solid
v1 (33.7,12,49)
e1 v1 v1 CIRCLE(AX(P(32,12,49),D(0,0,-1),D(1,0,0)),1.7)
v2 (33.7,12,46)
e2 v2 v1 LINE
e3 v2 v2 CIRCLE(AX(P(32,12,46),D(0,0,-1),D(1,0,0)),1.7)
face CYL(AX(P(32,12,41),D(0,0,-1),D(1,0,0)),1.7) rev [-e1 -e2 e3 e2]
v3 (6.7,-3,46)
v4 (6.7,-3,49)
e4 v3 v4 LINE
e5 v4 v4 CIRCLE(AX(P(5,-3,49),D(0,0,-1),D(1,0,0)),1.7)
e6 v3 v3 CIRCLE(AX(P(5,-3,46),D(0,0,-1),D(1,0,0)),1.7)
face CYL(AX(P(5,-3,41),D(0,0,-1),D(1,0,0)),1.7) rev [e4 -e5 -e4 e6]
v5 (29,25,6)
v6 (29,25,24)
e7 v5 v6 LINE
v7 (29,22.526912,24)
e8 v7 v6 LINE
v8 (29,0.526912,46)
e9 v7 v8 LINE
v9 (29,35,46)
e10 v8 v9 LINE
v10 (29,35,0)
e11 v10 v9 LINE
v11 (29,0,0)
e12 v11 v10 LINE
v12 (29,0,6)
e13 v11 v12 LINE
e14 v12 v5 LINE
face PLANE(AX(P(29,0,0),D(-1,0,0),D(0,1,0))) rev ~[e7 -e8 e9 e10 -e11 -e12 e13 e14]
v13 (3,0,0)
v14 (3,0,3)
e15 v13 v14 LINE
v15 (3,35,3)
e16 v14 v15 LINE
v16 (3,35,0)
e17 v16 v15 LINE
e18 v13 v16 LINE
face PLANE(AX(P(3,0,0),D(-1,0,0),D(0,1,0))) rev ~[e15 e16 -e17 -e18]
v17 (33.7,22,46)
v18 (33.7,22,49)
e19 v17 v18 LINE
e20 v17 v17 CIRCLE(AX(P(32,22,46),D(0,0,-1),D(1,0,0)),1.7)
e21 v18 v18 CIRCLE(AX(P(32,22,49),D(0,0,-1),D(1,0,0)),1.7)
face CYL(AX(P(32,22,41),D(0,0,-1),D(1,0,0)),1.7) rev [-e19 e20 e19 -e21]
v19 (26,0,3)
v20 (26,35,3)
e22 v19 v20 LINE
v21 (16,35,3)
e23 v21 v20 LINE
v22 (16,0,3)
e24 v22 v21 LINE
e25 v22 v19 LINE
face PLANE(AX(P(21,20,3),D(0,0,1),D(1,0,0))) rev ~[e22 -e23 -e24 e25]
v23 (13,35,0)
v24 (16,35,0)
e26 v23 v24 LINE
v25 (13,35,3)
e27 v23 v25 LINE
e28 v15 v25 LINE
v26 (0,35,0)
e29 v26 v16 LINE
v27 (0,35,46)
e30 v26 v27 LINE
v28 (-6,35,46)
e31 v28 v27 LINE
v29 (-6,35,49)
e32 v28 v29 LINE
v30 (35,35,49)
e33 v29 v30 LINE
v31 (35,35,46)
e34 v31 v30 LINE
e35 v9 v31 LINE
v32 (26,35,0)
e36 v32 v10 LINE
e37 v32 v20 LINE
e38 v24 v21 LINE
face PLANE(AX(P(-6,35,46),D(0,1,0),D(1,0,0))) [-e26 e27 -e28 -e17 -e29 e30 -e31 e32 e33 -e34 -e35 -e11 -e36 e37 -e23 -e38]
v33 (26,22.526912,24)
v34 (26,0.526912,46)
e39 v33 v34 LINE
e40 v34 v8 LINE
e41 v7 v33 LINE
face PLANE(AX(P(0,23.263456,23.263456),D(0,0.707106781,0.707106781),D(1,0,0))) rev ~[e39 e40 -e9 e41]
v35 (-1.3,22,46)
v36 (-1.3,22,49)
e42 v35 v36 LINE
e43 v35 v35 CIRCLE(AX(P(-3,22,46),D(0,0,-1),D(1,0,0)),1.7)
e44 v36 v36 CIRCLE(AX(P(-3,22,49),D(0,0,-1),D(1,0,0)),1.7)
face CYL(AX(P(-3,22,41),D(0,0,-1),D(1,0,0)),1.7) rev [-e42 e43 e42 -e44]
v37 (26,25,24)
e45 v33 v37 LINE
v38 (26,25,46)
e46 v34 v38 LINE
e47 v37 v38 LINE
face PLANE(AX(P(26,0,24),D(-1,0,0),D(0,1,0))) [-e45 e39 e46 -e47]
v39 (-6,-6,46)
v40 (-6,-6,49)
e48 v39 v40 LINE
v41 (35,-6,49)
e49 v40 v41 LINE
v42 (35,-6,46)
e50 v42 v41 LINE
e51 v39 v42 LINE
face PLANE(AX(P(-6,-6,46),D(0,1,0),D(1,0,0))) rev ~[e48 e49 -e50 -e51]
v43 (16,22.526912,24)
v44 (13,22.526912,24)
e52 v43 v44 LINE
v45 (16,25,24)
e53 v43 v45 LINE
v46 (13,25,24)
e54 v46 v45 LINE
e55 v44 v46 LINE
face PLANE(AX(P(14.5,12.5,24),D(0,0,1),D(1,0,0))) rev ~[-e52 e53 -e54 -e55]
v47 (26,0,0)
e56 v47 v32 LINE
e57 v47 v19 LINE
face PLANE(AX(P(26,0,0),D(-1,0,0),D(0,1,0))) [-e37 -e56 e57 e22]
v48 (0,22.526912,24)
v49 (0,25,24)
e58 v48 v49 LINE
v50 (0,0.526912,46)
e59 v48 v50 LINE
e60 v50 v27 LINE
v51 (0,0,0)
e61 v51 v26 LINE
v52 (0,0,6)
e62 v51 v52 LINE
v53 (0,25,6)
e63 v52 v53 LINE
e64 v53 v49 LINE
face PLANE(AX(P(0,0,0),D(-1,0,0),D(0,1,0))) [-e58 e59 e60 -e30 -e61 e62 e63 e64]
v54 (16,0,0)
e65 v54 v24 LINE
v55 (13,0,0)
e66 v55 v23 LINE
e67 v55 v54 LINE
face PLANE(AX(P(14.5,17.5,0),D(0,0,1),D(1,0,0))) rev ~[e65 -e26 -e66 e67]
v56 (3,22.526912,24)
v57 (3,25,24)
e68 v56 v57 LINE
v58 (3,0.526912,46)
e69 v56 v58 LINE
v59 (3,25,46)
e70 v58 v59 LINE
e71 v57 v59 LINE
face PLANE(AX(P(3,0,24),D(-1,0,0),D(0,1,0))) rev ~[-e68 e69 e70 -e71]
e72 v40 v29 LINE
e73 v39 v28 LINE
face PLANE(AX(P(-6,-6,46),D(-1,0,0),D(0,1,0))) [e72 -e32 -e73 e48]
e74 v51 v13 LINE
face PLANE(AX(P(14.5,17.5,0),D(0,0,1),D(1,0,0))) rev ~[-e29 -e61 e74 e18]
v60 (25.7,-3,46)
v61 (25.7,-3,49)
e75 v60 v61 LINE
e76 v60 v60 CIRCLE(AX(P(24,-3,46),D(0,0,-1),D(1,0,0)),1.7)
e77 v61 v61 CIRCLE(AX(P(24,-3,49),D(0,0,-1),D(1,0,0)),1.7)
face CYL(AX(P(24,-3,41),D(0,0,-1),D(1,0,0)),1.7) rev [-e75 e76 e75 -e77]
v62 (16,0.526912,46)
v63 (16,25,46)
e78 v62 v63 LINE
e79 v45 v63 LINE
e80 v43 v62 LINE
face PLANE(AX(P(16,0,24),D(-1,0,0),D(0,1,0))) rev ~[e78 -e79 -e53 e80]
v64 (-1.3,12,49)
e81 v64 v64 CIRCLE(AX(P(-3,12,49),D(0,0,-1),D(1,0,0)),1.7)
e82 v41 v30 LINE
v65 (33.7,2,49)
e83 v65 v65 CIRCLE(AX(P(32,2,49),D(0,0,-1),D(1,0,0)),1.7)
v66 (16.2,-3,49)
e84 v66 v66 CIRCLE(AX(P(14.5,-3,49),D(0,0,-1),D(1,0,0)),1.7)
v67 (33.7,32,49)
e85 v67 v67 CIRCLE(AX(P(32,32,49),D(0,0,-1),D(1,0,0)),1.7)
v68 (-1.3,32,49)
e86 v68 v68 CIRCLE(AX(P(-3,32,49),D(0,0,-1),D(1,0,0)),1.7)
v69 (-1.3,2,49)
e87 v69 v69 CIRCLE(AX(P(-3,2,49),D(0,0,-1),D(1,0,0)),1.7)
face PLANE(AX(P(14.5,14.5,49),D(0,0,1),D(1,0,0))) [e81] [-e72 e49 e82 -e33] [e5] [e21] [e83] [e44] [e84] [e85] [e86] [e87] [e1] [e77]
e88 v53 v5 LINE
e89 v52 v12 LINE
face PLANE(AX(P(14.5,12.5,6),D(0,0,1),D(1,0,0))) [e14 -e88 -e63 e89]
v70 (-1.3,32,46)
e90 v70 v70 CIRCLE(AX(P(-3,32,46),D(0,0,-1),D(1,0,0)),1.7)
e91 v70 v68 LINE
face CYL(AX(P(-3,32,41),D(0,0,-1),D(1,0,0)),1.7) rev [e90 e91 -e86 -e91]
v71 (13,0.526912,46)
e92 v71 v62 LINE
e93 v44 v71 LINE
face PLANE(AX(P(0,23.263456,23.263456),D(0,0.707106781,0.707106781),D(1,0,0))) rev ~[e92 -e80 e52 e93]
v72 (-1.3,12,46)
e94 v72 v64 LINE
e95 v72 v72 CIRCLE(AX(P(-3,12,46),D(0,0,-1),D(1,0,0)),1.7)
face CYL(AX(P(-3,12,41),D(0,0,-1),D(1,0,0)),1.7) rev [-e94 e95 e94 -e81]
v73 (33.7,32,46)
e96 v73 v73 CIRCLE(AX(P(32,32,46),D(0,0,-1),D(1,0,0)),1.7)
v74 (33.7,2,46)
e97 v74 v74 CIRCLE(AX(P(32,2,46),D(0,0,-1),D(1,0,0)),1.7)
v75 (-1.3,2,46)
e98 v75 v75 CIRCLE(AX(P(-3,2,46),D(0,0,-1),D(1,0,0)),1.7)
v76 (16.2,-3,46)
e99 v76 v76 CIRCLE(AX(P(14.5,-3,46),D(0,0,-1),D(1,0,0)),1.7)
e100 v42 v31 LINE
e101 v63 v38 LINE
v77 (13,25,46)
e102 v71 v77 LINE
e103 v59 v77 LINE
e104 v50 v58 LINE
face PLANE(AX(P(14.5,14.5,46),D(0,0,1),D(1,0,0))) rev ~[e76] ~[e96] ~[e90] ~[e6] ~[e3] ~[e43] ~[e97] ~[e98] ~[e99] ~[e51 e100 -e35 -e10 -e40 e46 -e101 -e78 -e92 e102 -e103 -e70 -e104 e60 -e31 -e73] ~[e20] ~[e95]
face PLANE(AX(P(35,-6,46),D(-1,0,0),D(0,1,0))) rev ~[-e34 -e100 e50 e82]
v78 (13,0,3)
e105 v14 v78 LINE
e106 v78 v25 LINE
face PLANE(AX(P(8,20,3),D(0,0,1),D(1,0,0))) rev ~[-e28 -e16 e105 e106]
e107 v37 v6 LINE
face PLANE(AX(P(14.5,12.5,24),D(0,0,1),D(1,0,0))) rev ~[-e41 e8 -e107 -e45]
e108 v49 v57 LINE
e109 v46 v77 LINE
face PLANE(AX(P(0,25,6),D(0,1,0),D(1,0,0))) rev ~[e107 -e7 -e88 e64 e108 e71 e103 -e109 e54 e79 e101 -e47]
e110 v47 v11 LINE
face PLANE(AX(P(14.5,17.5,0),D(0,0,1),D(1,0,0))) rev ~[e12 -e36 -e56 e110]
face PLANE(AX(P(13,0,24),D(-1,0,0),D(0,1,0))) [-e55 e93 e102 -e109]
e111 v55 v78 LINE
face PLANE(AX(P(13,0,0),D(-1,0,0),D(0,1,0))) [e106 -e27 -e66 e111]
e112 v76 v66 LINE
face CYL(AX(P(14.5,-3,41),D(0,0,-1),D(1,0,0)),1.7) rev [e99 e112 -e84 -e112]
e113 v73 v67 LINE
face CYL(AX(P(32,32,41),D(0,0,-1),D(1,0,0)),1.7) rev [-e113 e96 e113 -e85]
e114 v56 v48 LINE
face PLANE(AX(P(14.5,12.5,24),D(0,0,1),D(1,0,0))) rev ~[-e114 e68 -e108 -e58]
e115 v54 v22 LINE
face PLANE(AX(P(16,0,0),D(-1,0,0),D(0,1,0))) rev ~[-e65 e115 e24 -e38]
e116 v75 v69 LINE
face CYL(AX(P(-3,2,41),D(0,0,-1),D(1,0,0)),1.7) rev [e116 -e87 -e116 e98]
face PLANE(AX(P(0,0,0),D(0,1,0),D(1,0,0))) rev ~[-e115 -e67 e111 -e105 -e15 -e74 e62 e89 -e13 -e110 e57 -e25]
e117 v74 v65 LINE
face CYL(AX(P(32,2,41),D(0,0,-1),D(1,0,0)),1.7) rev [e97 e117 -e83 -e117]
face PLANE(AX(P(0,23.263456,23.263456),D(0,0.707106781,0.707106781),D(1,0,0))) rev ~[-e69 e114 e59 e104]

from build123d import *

# Parameters (mm, degrees)
CYLINDER010_R     = 1.7
CYLINDER010_DEPTH = 10
CYLINDER009_R     = 1.7
CYLINDER009_DEPTH = 10
CYLINDER008_R     = 1.7
CYLINDER008_DEPTH = 10
CYLINDER007_R     = 1.7
CYLINDER007_DEPTH = 10
CYLINDER006_R     = 1.7
CYLINDER006_DEPTH = 10
CYLINDER005_R     = 1.7
CYLINDER005_DEPTH = 10
CYLINDER004_R     = 1.7
CYLINDER004_DEPTH = 10
CYLINDER003_R     = 1.7
CYLINDER003_DEPTH = 10
CYLINDER002_R     = 1.7
CYLINDER002_DEPTH = 10
CYLINDER001_R     = 1.7
CYLINDER001_DEPTH = 10
CYLINDER_R        = 1.7
CYLINDER_DEPTH    = 10
BOX007_W          = 41
BOX007_H          = 41
BOX007_DEPTH      = 3
BOX006_W          = 10
BOX006_H          = 25
BOX006_DEPTH      = 22
BOX005_W          = 10
BOX005_H          = 25
BOX005_DEPTH      = 22
BOX004_W          = 29
BOX004_H          = 23
BOX004_DEPTH      = 34
BOX004_ROLL_ANGLE = 45
BOX001_W          = 29
BOX001_H          = 25
BOX001_DEPTH      = 18
BOX003_W          = 10
BOX003_H          = 40
BOX003_DEPTH      = 3
BOX002_W          = 10
BOX002_H          = 40
BOX002_DEPTH      = 3
BOX_W             = 29
BOX_H             = 35
BOX_DEPTH         = 49


with BuildPart() as cylinder010:
    # Cylinder010 → Cylinder010 (new body)
    with BuildSketch(Plane(origin=(32, 2, 41), x_dir=(1, 0, 0), z_dir=(0, 0, 1))):
        Circle(CYLINDER010_R)
    extrude(amount=CYLINDER010_DEPTH)


with BuildPart() as cylinder009:
    # Cylinder009 → Cylinder009 (new body)
    with BuildSketch(Plane(origin=(32, 12, 41), x_dir=(1, 0, 0), z_dir=(0, 0, 1))):
        Circle(CYLINDER009_R)
    extrude(amount=CYLINDER009_DEPTH)


with BuildPart() as cylinder008:
    # Cylinder008 → Cylinder008 (new body)
    with BuildSketch(Plane(origin=(32, 22, 41), x_dir=(1, 0, 0), z_dir=(0, 0, 1))):
        Circle(CYLINDER008_R)
    extrude(amount=CYLINDER008_DEPTH)


with BuildPart() as cylinder007:
    # Cylinder007 → Cylinder007 (new body)
    with BuildSketch(Plane(origin=(32, 32, 41), x_dir=(1, 0, 0), z_dir=(0, 0, 1))):
        Circle(CYLINDER007_R)
    extrude(amount=CYLINDER007_DEPTH)


with BuildPart() as cylinder006:
    # Cylinder006 → Cylinder006 (new body)
    with BuildSketch(Plane(origin=(-3, 2, 41), x_dir=(1, 0, 0), z_dir=(0, 0, 1))):
        Circle(CYLINDER006_R)
    extrude(amount=CYLINDER006_DEPTH)


with BuildPart() as cylinder005:
    # Cylinder005 → Cylinder005 (new body)
    with BuildSketch(Plane(origin=(-3, 12, 41), x_dir=(1, 0, 0), z_dir=(0, 0, 1))):
        Circle(CYLINDER005_R)
    extrude(amount=CYLINDER005_DEPTH)


with BuildPart() as cylinder004:
    # Cylinder004 → Cylinder004 (new body)
    with BuildSketch(Plane(origin=(-3, 22, 41), x_dir=(1, 0, 0), z_dir=(0, 0, 1))):
        Circle(CYLINDER004_R)
    extrude(amount=CYLINDER004_DEPTH)


with BuildPart() as cylinder003:
    # Cylinder003 → Cylinder003 (new body)
    with BuildSketch(Plane(origin=(-3, 32, 41), x_dir=(1, 0, 0), z_dir=(0, 0, 1))):
        Circle(CYLINDER003_R)
    extrude(amount=CYLINDER003_DEPTH)


with BuildPart() as cylinder002:
    # Cylinder002 → Cylinder002 (new body)
    with BuildSketch(Plane(origin=(24, -3, 41), x_dir=(1, 0, 0), z_dir=(0, 0, 1))):
        Circle(CYLINDER002_R)
    extrude(amount=CYLINDER002_DEPTH)


with BuildPart() as cylinder001:
    # Cylinder001 → Cylinder001 (new body)
    with BuildSketch(Plane(origin=(5, -3, 41), x_dir=(1, 0, 0), z_dir=(0, 0, 1))):
        Circle(CYLINDER001_R)
    extrude(amount=CYLINDER001_DEPTH)


with BuildPart() as cylinder:
    # Cylinder → Cylinder (new body)
    with BuildSketch(Plane(origin=(14.5, -3, 41), x_dir=(1, 0, 0), z_dir=(0, 0, 1))):
        Circle(CYLINDER_R)
    extrude(amount=CYLINDER_DEPTH)


with BuildPart() as cut016:
    # Box007 → Box007 (new body)
    with BuildSketch(Plane(origin=(-6, -6, 46), x_dir=(1, 0, 0), z_dir=(0, 0, 1))):
        with Locations((20.5, 20.5)):
            Rectangle(BOX007_W, BOX007_H)
    extrude(amount=BOX007_DEPTH)

    # Cut006: cut Cylinder
    add(cylinder.part, mode=Mode.SUBTRACT)

    # Cut007: cut Cylinder001
    add(cylinder001.part, mode=Mode.SUBTRACT)

    # Cut008: cut Cylinder002
    add(cylinder002.part, mode=Mode.SUBTRACT)

    # Cut009: cut Cylinder003
    add(cylinder003.part, mode=Mode.SUBTRACT)

    # Cut010: cut Cylinder004
    add(cylinder004.part, mode=Mode.SUBTRACT)

    # Cut011: cut Cylinder005
    add(cylinder005.part, mode=Mode.SUBTRACT)

    # Cut012: cut Cylinder006
    add(cylinder006.part, mode=Mode.SUBTRACT)

    # Cut013: cut Cylinder007
    add(cylinder007.part, mode=Mode.SUBTRACT)

    # Cut014: cut Cylinder008
    add(cylinder008.part, mode=Mode.SUBTRACT)

    # Cut015: cut Cylinder009
    add(cylinder009.part, mode=Mode.SUBTRACT)

    # Cut016: cut Cylinder010
    add(cylinder010.part, mode=Mode.SUBTRACT)


with BuildPart() as cube006:
    # Box006 → Box006 (new body)
    with BuildSketch(Plane(origin=(16, 0, 24), x_dir=(1, 0, 0), z_dir=(0, 0, 1))):
        with Locations((5, 12.5)):
            Rectangle(BOX006_W, BOX006_H)
    extrude(amount=BOX006_DEPTH)


with BuildPart() as cube005:
    # Box005 → Box005 (new body)
    with BuildSketch(Plane(origin=(3, 0, 24), x_dir=(1, 0, 0), z_dir=(0, 0, 1))):
        with Locations((5, 12.5)):
            Rectangle(BOX005_W, BOX005_H)
    extrude(amount=BOX005_DEPTH)


with BuildPart() as cube004:
    # Box004 → Box004 (new body)
    with BuildSketch(Plane.XY):
        with Locations((14.5, 11.5)):
            Rectangle(BOX004_W, BOX004_H)
    extrude(amount=BOX004_DEPTH)


with BuildPart() as cube004_1:
    # Box004 roll: moved
    add(cube004.part.rotate(Axis((0, 0, 0), (1, 0, 0)), BOX004_ROLL_ANGLE))


with BuildPart() as cube004_2:
    # Box004 placement: moved
    add(cube004_1.part.moved(Location((0, 7, 7))))


with BuildPart() as cube001:
    # Box001 → Box001 (new body)
    with BuildSketch(Plane.XY.offset(6)):
        with Locations((14.5, 12.5)):
            Rectangle(BOX001_W, BOX001_H)
    extrude(amount=BOX001_DEPTH)


with BuildPart() as cube003:
    # Box003 → Box003 (new body)
    with BuildSketch(Plane(origin=(16, 0, 0), x_dir=(1, 0, 0), z_dir=(0, 0, 1))):
        with Locations((5, 20)):
            Rectangle(BOX003_W, BOX003_H)
    extrude(amount=BOX003_DEPTH)


with BuildPart() as cube002:
    # Box002 → Box002 (new body)
    with BuildSketch(Plane(origin=(3, 0, 0), x_dir=(1, 0, 0), z_dir=(0, 0, 1))):
        with Locations((5, 20)):
            Rectangle(BOX002_W, BOX002_H)
    extrude(amount=BOX002_DEPTH)


with BuildPart() as fusion:
    # Box → Box (new body)
    with BuildSketch(Plane.XY):
        with Locations((14.5, 17.5)):
            Rectangle(BOX_W, BOX_H)
    extrude(amount=BOX_DEPTH)

    # Cut: cut Cube002
    add(cube002.part, mode=Mode.SUBTRACT)

    # Cut001: cut Cube003
    add(cube003.part, mode=Mode.SUBTRACT)

    # Cut002: cut Cube001
    add(cube001.part, mode=Mode.SUBTRACT)

    # Cut003: cut Cube004
    add(cube004_2.part, mode=Mode.SUBTRACT)

    # Cut004: cut Cube005
    add(cube005.part, mode=Mode.SUBTRACT)

    # Cut005: cut Cube006
    add(cube006.part, mode=Mode.SUBTRACT)

    # Fusion: union Cut016
    add(cut016.part)


solid = fusion.part
